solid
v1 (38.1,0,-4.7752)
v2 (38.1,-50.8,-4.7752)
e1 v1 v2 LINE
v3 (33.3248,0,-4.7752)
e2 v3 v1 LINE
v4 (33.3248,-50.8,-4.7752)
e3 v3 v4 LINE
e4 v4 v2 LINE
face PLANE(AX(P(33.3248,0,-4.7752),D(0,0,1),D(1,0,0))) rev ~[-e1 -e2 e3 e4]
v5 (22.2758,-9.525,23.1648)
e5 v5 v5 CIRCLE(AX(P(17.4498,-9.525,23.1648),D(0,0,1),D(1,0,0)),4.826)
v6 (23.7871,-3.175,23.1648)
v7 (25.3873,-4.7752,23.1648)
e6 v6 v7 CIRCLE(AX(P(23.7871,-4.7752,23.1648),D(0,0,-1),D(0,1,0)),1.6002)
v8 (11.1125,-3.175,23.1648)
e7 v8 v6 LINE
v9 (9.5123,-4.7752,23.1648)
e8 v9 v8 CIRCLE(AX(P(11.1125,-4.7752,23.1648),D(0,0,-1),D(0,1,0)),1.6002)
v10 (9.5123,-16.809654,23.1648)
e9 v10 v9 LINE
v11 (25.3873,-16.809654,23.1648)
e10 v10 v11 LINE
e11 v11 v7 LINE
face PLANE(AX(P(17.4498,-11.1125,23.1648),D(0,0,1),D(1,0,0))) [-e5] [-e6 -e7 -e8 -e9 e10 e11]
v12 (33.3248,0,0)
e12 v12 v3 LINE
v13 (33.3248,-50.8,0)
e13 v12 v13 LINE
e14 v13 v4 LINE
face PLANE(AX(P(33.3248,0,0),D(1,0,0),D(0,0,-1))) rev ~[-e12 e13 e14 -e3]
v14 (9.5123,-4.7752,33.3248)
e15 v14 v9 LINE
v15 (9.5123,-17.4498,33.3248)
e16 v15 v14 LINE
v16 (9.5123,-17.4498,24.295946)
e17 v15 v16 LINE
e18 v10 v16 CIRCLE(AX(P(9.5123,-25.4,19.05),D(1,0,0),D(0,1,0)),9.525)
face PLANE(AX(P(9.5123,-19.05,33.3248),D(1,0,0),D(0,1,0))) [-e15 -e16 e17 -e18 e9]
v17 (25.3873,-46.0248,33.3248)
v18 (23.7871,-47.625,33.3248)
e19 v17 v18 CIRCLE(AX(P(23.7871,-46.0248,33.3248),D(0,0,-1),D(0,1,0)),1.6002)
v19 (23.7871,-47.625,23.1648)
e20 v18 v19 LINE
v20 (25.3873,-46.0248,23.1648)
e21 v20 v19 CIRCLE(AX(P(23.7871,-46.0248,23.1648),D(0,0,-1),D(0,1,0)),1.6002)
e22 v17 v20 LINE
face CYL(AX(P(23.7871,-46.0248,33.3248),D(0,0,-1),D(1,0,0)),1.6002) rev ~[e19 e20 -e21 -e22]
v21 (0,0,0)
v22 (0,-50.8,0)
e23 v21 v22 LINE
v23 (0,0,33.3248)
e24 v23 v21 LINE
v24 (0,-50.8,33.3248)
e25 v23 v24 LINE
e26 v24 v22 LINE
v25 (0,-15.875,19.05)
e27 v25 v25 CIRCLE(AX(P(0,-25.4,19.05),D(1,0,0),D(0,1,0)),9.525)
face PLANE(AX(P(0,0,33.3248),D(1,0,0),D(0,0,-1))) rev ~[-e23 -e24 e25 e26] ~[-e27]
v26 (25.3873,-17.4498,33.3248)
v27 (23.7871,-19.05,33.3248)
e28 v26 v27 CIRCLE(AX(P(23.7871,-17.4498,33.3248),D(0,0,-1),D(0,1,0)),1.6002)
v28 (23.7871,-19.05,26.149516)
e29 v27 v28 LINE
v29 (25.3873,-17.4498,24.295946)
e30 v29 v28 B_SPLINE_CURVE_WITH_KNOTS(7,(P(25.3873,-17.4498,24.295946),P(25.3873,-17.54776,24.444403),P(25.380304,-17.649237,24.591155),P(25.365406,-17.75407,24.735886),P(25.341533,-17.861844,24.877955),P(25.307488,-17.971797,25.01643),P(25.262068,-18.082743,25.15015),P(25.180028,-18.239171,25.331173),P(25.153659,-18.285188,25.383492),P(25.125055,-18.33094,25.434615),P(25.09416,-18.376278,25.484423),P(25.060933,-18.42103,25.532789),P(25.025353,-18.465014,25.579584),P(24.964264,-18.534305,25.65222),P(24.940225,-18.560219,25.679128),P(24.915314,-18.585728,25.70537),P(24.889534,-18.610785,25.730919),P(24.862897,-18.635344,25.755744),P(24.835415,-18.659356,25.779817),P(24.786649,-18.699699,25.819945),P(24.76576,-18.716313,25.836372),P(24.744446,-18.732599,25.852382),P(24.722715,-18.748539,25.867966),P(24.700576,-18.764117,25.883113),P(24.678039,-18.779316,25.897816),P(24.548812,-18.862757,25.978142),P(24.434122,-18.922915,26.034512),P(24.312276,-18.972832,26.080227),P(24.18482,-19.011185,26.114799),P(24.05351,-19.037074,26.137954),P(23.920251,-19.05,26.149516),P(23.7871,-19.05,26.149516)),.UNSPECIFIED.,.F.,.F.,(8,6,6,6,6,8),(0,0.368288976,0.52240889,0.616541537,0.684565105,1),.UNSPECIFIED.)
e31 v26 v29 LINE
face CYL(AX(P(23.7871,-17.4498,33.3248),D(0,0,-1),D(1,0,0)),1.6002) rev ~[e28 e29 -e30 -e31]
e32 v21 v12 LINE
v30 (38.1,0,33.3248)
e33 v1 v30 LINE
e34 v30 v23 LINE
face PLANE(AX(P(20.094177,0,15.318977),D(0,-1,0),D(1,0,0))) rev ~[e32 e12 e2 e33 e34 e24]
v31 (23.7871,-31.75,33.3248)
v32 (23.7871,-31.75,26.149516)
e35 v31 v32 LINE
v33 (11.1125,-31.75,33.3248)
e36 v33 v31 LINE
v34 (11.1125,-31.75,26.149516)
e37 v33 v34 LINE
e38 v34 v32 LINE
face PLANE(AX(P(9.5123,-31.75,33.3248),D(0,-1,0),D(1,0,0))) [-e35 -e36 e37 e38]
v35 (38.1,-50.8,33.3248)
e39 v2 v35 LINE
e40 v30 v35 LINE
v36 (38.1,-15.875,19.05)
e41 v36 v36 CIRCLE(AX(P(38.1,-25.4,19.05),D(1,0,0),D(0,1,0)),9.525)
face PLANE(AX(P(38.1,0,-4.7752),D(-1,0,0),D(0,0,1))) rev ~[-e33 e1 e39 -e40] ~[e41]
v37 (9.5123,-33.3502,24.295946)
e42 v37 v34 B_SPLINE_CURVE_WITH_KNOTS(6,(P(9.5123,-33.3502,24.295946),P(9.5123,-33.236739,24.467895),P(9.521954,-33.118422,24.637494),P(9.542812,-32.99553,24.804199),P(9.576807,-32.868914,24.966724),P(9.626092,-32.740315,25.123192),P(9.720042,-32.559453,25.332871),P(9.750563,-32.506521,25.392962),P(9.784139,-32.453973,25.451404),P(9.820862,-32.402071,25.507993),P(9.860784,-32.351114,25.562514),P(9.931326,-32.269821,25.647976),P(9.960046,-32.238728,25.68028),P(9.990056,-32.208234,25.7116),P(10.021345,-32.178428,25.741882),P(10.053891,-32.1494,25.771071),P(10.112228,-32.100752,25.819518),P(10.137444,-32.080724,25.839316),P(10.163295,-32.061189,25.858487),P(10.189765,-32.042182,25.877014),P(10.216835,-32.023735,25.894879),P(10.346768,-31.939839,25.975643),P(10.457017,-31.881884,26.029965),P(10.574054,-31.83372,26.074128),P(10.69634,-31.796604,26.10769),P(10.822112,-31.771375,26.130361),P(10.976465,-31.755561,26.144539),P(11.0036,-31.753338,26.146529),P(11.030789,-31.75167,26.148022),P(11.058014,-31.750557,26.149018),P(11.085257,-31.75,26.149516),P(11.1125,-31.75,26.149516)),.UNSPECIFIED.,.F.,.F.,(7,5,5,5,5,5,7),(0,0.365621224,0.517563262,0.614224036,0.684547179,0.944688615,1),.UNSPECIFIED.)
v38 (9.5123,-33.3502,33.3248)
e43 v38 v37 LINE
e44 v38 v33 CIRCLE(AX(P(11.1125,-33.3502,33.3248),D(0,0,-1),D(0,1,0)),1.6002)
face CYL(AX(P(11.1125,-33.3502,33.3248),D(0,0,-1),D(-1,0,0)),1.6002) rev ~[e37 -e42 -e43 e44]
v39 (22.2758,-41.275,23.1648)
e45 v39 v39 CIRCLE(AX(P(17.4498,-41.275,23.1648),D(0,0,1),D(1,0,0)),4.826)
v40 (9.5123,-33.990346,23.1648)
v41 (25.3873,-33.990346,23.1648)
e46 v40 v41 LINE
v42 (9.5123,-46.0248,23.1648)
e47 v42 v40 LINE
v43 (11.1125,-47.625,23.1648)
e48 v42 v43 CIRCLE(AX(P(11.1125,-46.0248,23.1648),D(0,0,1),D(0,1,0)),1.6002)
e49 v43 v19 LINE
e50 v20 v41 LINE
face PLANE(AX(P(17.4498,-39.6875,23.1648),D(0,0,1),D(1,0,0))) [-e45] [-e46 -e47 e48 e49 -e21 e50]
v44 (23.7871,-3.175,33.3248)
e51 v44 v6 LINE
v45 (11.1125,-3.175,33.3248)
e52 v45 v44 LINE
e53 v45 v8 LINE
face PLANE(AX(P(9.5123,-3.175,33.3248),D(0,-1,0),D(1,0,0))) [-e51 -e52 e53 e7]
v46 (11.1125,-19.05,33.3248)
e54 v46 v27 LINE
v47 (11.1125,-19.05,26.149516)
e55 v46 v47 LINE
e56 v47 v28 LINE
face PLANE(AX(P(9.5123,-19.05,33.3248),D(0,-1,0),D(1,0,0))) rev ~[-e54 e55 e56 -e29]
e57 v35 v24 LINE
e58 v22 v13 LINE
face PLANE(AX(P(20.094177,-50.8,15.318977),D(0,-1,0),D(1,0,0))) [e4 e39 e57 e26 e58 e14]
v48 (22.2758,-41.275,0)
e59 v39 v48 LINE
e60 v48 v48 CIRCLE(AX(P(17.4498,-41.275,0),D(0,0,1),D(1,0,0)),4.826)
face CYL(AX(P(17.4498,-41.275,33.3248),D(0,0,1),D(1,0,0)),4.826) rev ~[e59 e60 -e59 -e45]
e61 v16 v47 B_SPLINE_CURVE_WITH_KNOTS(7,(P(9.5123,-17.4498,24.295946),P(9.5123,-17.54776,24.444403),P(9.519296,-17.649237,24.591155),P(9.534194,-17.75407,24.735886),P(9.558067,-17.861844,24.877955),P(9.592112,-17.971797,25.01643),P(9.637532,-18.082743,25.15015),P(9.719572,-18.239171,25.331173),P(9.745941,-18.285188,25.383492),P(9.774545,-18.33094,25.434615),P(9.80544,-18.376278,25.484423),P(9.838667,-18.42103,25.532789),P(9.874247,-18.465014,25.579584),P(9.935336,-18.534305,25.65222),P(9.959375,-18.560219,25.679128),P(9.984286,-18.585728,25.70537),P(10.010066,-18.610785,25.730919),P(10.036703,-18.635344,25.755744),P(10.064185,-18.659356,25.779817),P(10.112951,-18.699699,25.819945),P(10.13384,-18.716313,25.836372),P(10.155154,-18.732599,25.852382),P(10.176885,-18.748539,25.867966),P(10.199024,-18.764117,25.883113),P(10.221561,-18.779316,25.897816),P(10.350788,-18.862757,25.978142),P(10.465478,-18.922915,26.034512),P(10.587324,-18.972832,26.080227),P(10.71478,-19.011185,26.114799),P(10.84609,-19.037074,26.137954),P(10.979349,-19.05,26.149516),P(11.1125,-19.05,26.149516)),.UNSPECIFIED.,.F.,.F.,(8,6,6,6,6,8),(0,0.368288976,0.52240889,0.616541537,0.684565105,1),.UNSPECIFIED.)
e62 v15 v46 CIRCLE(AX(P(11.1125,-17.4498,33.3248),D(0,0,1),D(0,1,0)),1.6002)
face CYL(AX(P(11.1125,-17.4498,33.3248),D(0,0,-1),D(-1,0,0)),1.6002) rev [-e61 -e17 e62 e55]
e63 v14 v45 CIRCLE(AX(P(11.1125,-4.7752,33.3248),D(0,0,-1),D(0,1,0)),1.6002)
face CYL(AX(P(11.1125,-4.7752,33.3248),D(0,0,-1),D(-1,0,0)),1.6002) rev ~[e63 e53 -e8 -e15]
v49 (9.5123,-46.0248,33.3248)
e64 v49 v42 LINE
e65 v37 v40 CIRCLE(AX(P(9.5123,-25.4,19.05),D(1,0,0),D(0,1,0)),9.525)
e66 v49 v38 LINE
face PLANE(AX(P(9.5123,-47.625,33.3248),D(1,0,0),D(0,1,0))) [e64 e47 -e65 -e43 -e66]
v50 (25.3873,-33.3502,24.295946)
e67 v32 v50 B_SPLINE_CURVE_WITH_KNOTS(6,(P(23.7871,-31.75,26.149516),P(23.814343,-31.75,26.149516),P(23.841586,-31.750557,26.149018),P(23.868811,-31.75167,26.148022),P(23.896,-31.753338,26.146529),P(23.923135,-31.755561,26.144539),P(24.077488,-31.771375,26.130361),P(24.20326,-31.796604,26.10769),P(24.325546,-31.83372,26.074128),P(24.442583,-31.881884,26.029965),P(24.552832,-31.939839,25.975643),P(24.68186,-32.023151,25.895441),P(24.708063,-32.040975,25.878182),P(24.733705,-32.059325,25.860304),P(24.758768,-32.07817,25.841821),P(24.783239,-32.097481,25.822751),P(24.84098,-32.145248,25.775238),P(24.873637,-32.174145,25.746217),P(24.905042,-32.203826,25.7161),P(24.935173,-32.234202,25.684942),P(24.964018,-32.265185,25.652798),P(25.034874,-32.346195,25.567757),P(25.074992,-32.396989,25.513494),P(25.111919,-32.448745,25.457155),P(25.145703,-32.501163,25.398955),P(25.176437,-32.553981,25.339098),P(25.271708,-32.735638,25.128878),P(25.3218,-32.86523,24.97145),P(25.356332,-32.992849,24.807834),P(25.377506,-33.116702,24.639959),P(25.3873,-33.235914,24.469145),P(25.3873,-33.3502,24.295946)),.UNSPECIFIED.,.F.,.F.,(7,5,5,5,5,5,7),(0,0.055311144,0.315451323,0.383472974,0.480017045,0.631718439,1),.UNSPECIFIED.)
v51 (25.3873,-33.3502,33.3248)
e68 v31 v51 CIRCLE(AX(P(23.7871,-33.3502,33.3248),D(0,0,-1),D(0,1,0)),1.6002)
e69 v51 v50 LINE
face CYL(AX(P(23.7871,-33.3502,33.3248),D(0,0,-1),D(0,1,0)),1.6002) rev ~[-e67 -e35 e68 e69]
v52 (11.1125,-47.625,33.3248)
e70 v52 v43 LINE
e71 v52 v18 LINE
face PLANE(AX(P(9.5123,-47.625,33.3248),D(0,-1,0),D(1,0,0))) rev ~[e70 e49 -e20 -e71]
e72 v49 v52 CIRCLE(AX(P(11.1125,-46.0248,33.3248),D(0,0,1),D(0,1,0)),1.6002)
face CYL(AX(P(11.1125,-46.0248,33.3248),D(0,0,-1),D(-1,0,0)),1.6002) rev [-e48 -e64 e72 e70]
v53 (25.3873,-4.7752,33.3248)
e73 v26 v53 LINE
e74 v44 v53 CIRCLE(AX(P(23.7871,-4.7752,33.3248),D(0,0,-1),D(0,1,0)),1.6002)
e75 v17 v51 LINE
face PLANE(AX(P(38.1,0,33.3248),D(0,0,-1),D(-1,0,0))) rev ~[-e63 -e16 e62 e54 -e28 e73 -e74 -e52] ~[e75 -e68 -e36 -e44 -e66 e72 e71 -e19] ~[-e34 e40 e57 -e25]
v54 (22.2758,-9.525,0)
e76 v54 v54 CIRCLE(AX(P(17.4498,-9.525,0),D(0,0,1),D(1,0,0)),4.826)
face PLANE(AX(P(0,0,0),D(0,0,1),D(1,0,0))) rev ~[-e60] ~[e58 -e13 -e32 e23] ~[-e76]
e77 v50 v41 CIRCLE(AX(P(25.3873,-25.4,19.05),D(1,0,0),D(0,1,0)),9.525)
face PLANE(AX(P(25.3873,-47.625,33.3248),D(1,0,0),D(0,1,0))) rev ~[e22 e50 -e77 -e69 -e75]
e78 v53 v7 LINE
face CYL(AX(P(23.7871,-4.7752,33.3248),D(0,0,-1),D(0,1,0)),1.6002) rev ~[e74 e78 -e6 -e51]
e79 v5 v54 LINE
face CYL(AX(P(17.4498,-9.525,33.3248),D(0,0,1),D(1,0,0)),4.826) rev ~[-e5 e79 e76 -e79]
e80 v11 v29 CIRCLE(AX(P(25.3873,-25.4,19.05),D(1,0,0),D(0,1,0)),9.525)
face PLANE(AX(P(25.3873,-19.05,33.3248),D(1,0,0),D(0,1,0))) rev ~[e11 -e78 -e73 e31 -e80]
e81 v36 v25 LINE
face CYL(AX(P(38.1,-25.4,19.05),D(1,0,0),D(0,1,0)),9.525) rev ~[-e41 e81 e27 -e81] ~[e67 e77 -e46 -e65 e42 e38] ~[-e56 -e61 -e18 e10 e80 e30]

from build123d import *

# Parameters (mm, degrees)
F1_DEPTH = 50.8
F2_R     = 9.525
F4_DEPTH = 38.101
F3_R     = 4.826
F5_DEPTH = 38.101
F3_W     = 15.875
F3_H     = 15.875
F8_DEPTH = 10.16
F9_R     = 1.6002


with BuildPart() as f1:
    # F0 (on Front) → F1 (new body)
    with BuildSketch(Plane.XZ):
        Polygon((0, 33.3248), (0, 0), (33.3248, 0), (33.3248, -4.7752), (38.1, -4.7752), (38.1, 33.3248), align=None)
    extrude(amount=F1_DEPTH)

    # F2 (on face) → F4 (cut, through all)
    with BuildSketch(Plane.YZ.offset(38.1)):
        with Locations((-25.4, 19.05)):
            Circle(F2_R)
    extrude(amount=-F4_DEPTH, mode=Mode.SUBTRACT)

    # F3 (on face) → F5 (cut, through all)
    with BuildSketch(Plane.XY.offset(33.3248)):
        with Locations((17.4498, -9.525)):
            Circle(F3_R)
        with Locations((17.4498, -41.275)):
            Circle(F3_R)
    extrude(amount=-F5_DEPTH, mode=Mode.SUBTRACT)

    # F3 (on face) → F8 (cut)
    with BuildSketch(Plane.XY.offset(33.3248)):
        with Locations((17.4498, -11.1125)):
            Rectangle(F3_W, F3_H)
        with Locations((17.4498, -9.525)):
            Circle(F3_R, mode=Mode.SUBTRACT)
        with Locations((17.4498, -39.6875)):
            Rectangle(F3_W, F3_H)
        with Locations((17.4498, -41.275)):
            Circle(F3_R, mode=Mode.SUBTRACT)
    extrude(amount=-F8_DEPTH, mode=Mode.SUBTRACT)

    # F9
    f9_edges = [f1.edges().sort_by_distance(p)[0] for p in [
        (9.5123, -47.625, 28.2448),
        (9.5123, -31.75, 29.737158),
        (9.5123, -3.175, 28.2448),
        (9.5123, -19.05, 29.737158),
        (25.3873, -19.05, 29.737158),
        (25.3873, -47.625, 28.2448),
        (25.3873, -31.75, 29.737158),
        (25.3873, -3.175, 28.2448),
    ]]
    fillet(f9_edges, radius=F9_R)


solid = f1.part
